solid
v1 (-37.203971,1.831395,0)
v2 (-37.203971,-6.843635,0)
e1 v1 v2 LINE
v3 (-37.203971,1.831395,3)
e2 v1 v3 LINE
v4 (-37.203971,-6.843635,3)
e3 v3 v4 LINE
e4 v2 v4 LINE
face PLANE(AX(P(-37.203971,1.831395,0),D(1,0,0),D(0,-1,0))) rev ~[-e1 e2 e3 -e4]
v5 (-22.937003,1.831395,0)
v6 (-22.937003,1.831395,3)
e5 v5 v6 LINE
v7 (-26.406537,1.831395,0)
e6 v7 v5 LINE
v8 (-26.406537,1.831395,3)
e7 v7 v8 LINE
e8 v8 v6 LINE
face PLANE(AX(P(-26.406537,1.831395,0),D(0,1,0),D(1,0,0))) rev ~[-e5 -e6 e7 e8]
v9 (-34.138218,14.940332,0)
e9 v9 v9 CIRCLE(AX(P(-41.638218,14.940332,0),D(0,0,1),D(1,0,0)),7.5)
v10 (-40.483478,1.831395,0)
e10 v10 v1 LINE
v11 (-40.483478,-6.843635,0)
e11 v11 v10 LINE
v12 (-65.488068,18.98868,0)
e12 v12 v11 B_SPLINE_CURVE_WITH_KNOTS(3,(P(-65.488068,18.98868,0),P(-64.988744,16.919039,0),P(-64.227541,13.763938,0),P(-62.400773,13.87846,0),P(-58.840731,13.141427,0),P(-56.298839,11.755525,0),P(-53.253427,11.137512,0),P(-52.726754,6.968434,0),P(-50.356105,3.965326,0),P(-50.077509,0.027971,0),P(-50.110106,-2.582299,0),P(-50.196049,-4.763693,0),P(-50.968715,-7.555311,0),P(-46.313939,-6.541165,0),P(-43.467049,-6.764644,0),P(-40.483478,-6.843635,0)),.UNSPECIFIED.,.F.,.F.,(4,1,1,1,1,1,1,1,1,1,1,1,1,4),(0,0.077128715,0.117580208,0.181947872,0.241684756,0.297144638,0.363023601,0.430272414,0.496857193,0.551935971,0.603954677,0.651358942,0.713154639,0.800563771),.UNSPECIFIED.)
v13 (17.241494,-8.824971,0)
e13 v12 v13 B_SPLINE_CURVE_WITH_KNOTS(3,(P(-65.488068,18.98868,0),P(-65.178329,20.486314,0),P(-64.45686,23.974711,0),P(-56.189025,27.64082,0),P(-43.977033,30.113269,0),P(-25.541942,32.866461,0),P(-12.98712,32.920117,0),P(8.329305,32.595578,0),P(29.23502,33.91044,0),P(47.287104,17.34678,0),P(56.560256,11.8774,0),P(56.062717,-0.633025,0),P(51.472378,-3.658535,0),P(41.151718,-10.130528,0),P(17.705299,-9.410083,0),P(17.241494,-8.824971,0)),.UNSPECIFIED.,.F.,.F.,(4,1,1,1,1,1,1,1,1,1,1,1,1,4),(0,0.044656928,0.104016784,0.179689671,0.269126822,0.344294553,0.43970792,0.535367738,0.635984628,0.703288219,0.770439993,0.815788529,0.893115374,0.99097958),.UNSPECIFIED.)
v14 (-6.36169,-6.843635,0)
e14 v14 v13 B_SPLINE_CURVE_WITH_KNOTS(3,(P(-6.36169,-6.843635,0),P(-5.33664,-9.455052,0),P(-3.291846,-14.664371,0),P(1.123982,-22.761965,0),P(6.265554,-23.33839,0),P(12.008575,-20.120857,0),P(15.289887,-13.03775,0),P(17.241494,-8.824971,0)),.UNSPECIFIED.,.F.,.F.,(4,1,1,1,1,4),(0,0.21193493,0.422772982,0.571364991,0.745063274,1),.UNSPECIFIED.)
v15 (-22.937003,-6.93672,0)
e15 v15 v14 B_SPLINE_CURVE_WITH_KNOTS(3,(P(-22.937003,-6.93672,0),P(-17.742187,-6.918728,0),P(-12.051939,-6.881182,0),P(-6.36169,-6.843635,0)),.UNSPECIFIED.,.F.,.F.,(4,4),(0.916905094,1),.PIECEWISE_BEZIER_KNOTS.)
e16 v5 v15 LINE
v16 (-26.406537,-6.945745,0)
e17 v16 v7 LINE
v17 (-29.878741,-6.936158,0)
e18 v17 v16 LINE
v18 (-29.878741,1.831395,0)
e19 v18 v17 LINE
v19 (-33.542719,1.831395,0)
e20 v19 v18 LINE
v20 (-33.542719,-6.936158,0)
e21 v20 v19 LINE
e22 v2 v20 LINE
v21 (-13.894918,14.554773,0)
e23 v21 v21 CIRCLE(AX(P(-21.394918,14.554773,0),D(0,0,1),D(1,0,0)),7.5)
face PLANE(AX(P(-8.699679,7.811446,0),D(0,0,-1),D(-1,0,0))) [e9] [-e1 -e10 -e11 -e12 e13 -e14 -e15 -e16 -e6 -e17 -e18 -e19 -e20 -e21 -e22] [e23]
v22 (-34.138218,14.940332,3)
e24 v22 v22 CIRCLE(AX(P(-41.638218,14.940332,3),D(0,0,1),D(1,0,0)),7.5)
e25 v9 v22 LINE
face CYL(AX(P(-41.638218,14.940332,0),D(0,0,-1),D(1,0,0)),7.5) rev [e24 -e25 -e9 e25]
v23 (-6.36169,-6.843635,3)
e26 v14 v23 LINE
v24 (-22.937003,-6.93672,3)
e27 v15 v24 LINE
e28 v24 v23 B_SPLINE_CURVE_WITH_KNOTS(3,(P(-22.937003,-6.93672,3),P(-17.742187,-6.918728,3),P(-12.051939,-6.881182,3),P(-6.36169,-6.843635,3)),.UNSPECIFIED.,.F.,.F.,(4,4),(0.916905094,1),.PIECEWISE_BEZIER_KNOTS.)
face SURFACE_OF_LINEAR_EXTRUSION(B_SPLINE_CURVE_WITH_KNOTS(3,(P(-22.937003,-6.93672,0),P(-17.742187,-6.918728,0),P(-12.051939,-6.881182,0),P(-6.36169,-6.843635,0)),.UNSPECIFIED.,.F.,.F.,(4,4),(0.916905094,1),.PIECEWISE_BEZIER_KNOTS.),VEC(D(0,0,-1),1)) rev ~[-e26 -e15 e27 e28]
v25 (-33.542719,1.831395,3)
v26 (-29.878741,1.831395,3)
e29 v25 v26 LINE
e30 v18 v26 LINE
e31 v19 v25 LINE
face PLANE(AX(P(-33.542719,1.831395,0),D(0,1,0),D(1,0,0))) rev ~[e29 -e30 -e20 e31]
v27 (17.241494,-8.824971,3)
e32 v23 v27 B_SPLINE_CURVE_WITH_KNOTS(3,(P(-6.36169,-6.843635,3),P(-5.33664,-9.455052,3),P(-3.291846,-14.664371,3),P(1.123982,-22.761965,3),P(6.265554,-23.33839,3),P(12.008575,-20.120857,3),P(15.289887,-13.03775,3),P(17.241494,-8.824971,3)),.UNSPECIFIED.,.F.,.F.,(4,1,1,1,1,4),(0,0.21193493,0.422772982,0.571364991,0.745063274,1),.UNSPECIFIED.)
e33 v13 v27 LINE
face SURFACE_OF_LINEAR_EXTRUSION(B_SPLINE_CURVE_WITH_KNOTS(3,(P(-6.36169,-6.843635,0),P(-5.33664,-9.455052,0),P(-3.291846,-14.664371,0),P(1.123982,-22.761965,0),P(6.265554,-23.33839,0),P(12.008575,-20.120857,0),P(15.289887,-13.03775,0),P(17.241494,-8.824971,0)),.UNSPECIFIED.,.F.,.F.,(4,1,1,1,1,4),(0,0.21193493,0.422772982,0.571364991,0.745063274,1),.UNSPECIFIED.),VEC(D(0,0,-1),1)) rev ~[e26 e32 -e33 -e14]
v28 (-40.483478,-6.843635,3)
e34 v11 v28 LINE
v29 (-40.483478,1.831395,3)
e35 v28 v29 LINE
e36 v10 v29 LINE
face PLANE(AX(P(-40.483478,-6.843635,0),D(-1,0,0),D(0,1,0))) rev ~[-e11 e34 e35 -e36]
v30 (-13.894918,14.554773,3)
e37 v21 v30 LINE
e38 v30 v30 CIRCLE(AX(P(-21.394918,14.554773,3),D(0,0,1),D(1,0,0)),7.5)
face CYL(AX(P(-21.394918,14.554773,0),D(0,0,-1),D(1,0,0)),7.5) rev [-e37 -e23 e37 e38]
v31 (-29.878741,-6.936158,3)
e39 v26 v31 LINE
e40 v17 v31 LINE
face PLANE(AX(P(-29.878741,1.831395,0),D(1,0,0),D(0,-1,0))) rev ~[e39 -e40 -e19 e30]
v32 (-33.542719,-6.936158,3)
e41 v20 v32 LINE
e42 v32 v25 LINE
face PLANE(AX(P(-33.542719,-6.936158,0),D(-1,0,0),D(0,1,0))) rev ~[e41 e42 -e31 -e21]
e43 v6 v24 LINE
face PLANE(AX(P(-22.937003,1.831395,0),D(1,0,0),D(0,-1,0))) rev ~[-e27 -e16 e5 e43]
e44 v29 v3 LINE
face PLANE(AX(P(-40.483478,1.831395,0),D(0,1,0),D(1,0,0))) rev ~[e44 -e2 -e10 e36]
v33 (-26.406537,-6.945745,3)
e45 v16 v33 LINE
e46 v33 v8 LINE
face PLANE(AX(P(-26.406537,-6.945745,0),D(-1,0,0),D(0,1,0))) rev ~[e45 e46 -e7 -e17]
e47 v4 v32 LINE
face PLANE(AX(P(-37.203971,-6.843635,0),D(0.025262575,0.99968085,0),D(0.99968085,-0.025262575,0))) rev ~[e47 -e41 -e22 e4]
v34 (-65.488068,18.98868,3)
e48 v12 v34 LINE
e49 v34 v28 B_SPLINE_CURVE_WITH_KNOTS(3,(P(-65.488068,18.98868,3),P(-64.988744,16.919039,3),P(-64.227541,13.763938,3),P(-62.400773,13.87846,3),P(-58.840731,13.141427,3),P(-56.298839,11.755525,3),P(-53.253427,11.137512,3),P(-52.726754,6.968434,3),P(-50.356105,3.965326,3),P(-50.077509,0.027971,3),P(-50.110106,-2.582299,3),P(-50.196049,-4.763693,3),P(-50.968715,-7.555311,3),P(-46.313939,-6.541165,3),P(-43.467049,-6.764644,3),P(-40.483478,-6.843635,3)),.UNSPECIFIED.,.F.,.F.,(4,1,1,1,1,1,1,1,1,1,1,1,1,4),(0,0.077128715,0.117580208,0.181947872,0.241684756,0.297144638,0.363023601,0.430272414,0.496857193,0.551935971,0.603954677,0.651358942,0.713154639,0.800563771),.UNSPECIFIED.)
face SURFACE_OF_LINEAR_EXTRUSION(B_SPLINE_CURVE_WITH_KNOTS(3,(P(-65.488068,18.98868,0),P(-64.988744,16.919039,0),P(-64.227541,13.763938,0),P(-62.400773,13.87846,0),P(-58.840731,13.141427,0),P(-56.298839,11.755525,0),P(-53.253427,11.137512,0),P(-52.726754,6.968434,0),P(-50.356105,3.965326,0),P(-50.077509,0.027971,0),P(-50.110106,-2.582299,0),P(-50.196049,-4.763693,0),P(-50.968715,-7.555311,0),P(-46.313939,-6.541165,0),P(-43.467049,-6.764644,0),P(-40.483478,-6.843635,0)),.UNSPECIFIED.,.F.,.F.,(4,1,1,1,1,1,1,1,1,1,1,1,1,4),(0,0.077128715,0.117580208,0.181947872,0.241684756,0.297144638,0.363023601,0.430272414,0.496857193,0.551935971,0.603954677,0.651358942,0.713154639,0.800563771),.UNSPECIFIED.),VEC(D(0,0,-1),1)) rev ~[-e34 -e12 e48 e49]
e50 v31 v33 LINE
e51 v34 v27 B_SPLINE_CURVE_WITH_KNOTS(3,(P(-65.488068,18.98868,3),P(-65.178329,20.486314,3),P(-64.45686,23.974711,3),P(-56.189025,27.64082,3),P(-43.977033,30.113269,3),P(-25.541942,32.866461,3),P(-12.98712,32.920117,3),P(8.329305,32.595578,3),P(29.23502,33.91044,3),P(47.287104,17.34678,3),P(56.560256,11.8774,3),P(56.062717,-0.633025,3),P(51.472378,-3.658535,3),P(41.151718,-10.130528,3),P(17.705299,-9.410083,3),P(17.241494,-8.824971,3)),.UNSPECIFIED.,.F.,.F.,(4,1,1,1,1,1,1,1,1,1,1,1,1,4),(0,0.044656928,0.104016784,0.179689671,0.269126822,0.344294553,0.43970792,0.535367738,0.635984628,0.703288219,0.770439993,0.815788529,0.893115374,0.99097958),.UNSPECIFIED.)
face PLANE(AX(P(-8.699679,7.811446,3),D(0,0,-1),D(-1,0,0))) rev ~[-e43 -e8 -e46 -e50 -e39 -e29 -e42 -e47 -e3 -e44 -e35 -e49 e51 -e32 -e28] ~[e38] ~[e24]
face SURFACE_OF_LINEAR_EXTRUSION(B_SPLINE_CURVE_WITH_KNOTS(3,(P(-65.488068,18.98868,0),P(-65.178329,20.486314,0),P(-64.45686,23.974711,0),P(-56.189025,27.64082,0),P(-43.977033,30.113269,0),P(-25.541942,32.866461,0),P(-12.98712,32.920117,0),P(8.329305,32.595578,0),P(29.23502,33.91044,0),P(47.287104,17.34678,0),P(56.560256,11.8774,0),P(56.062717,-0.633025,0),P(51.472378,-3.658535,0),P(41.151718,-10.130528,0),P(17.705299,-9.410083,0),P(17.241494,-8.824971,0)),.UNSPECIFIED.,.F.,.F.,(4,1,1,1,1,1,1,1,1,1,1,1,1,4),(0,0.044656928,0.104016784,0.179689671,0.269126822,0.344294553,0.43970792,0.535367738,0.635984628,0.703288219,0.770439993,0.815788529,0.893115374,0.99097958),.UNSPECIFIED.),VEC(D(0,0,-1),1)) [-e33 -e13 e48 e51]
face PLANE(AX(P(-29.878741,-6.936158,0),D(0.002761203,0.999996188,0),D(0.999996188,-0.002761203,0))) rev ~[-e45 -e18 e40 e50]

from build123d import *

# Parameters (mm, degrees)
F0_R     = 7.5
F1_DEPTH = 3


with BuildPart() as f1:
    # F0 (on Top) → F1 (new body)
    with BuildSketch(Plane.XY):
        with BuildLine():
            add(Edge.make_bspline(
                [(-65.4880683869, 18.9886800945), (-65.178328707, 20.4863137411), (-64.4568604441, 23.9747113233), (-56.1890248621, 27.6408200462), (-43.9770325451, 30.1132689675), (-25.541942405, 32.8664612468), (-12.9871202387, 32.9201169676), (8.3293054541, 32.5955779454), (29.2350200086, 33.9104399963), (47.2871039637, 17.34678007), (56.5602560146, 11.8774003268), (56.0627170325, -0.6330253094), (51.4723783082, -3.6585345131), (41.1517175992, -10.1305275115), (17.7052994365, -9.4100834489), (17.2414942273, -8.8249714472)],
                knots=[0, 0, 0, 0, 0.0446569276, 0.1040167839, 0.1796896711, 0.2691268217, 0.344294553, 0.4397079198, 0.5353677376, 0.6359846276, 0.7032882189, 0.7704399932, 0.815788529, 0.8931153741, 0.9909795803, 0.9909795803, 0.9909795803, 0.9909795803], degree=3))
            add(Edge.make_bspline(
                [(-65.4880683869, 18.9886800945), (-64.9887443765, 16.9190388512), (-64.2275412208, 13.7639383303), (-62.4007727151, 13.8784597713), (-58.8407313491, 13.141427483), (-56.2988388149, 11.7555250632), (-53.2534268679, 11.1375115301), (-52.726754087, 6.9684338179), (-50.3561054582, 3.9653258533), (-50.0775093303, 0.0279712077), (-50.1101063911, -2.5822991381), (-50.1960493273, -4.763693471), (-50.9687148363, -7.5553113136), (-46.3139390478, -6.5411648709), (-43.4670494025, -6.7646442196), (-40.4834784567, -6.8436353467)],
                knots=[0, 0, 0, 0, 0.0771287147, 0.117580208, 0.1819478724, 0.2416847556, 0.2971446379, 0.3630236009, 0.430272414, 0.4968571932, 0.5519359714, 0.6039546766, 0.6513589416, 0.7131546393, 0.8005637714, 0.8005637714, 0.8005637714, 0.8005637714], degree=3))
            Line((-40.4834784567, -6.8436353467), (-40.4834784567, 1.8313954351))
            Line((-40.4834784567, 1.8313954351), (-37.2039712965, 1.8313954351))
            Line((-37.2039712965, 1.8313954351), (-37.2039712965, -6.8436353467))
            Line((-37.2039712965, -6.8436353467), (-33.5427190013, -6.9361575375))
            Line((-33.5427190013, -6.9361575375), (-33.5427190013, 1.8313954351))
            Line((-33.5427190013, 1.8313954351), (-29.8787405088, 1.8313954351))
            Line((-29.8787405088, 1.8313954351), (-29.8787405088, -6.9361575375))
            Line((-29.8787405088, -6.9361575375), (-26.406536971, -6.9457450335))
            Line((-26.406536971, -6.9457450335), (-26.406536971, 1.8313954351))
            Line((-26.406536971, 1.8313954351), (-22.9370029695, 1.8313954351))
            Line((-22.9370029695, 1.8313954351), (-22.9370029695, -6.9367202748))
            add(Edge.make_bspline(
                [(-22.9370029695, -6.9367202748), (-17.7421873884, -6.9187277329), (-12.0519386363, -6.8811815398), (-6.3616898842, -6.8436353467)],
                knots=[0.9169050939, 0.9169050939, 0.9169050939, 0.9169050939, 1, 1, 1, 1], degree=3))
            add(Edge.make_bspline(
                [(-6.3616898842, -6.8436353467), (-5.3366402604, -9.4550523744), (-3.291846198, -14.6643709365), (1.1239822515, -22.7619652658), (6.2655535176, -23.3383897209), (12.0085753528, -20.1208572629), (15.289887485, -13.0377497163), (17.2414942273, -8.8249714472)],
                knots=[0, 0, 0, 0, 0.2119349298, 0.4227729819, 0.5713649912, 0.7450632736, 1, 1, 1, 1], degree=3))
        make_face()
        with Locations((-41.6382178664, 14.94033169)):
            Circle(F0_R, mode=Mode.SUBTRACT)
        with Locations((-21.3949177414, 14.5547734573)):
            Circle(F0_R, mode=Mode.SUBTRACT)
    extrude(amount=F1_DEPTH)


solid = f1.part
